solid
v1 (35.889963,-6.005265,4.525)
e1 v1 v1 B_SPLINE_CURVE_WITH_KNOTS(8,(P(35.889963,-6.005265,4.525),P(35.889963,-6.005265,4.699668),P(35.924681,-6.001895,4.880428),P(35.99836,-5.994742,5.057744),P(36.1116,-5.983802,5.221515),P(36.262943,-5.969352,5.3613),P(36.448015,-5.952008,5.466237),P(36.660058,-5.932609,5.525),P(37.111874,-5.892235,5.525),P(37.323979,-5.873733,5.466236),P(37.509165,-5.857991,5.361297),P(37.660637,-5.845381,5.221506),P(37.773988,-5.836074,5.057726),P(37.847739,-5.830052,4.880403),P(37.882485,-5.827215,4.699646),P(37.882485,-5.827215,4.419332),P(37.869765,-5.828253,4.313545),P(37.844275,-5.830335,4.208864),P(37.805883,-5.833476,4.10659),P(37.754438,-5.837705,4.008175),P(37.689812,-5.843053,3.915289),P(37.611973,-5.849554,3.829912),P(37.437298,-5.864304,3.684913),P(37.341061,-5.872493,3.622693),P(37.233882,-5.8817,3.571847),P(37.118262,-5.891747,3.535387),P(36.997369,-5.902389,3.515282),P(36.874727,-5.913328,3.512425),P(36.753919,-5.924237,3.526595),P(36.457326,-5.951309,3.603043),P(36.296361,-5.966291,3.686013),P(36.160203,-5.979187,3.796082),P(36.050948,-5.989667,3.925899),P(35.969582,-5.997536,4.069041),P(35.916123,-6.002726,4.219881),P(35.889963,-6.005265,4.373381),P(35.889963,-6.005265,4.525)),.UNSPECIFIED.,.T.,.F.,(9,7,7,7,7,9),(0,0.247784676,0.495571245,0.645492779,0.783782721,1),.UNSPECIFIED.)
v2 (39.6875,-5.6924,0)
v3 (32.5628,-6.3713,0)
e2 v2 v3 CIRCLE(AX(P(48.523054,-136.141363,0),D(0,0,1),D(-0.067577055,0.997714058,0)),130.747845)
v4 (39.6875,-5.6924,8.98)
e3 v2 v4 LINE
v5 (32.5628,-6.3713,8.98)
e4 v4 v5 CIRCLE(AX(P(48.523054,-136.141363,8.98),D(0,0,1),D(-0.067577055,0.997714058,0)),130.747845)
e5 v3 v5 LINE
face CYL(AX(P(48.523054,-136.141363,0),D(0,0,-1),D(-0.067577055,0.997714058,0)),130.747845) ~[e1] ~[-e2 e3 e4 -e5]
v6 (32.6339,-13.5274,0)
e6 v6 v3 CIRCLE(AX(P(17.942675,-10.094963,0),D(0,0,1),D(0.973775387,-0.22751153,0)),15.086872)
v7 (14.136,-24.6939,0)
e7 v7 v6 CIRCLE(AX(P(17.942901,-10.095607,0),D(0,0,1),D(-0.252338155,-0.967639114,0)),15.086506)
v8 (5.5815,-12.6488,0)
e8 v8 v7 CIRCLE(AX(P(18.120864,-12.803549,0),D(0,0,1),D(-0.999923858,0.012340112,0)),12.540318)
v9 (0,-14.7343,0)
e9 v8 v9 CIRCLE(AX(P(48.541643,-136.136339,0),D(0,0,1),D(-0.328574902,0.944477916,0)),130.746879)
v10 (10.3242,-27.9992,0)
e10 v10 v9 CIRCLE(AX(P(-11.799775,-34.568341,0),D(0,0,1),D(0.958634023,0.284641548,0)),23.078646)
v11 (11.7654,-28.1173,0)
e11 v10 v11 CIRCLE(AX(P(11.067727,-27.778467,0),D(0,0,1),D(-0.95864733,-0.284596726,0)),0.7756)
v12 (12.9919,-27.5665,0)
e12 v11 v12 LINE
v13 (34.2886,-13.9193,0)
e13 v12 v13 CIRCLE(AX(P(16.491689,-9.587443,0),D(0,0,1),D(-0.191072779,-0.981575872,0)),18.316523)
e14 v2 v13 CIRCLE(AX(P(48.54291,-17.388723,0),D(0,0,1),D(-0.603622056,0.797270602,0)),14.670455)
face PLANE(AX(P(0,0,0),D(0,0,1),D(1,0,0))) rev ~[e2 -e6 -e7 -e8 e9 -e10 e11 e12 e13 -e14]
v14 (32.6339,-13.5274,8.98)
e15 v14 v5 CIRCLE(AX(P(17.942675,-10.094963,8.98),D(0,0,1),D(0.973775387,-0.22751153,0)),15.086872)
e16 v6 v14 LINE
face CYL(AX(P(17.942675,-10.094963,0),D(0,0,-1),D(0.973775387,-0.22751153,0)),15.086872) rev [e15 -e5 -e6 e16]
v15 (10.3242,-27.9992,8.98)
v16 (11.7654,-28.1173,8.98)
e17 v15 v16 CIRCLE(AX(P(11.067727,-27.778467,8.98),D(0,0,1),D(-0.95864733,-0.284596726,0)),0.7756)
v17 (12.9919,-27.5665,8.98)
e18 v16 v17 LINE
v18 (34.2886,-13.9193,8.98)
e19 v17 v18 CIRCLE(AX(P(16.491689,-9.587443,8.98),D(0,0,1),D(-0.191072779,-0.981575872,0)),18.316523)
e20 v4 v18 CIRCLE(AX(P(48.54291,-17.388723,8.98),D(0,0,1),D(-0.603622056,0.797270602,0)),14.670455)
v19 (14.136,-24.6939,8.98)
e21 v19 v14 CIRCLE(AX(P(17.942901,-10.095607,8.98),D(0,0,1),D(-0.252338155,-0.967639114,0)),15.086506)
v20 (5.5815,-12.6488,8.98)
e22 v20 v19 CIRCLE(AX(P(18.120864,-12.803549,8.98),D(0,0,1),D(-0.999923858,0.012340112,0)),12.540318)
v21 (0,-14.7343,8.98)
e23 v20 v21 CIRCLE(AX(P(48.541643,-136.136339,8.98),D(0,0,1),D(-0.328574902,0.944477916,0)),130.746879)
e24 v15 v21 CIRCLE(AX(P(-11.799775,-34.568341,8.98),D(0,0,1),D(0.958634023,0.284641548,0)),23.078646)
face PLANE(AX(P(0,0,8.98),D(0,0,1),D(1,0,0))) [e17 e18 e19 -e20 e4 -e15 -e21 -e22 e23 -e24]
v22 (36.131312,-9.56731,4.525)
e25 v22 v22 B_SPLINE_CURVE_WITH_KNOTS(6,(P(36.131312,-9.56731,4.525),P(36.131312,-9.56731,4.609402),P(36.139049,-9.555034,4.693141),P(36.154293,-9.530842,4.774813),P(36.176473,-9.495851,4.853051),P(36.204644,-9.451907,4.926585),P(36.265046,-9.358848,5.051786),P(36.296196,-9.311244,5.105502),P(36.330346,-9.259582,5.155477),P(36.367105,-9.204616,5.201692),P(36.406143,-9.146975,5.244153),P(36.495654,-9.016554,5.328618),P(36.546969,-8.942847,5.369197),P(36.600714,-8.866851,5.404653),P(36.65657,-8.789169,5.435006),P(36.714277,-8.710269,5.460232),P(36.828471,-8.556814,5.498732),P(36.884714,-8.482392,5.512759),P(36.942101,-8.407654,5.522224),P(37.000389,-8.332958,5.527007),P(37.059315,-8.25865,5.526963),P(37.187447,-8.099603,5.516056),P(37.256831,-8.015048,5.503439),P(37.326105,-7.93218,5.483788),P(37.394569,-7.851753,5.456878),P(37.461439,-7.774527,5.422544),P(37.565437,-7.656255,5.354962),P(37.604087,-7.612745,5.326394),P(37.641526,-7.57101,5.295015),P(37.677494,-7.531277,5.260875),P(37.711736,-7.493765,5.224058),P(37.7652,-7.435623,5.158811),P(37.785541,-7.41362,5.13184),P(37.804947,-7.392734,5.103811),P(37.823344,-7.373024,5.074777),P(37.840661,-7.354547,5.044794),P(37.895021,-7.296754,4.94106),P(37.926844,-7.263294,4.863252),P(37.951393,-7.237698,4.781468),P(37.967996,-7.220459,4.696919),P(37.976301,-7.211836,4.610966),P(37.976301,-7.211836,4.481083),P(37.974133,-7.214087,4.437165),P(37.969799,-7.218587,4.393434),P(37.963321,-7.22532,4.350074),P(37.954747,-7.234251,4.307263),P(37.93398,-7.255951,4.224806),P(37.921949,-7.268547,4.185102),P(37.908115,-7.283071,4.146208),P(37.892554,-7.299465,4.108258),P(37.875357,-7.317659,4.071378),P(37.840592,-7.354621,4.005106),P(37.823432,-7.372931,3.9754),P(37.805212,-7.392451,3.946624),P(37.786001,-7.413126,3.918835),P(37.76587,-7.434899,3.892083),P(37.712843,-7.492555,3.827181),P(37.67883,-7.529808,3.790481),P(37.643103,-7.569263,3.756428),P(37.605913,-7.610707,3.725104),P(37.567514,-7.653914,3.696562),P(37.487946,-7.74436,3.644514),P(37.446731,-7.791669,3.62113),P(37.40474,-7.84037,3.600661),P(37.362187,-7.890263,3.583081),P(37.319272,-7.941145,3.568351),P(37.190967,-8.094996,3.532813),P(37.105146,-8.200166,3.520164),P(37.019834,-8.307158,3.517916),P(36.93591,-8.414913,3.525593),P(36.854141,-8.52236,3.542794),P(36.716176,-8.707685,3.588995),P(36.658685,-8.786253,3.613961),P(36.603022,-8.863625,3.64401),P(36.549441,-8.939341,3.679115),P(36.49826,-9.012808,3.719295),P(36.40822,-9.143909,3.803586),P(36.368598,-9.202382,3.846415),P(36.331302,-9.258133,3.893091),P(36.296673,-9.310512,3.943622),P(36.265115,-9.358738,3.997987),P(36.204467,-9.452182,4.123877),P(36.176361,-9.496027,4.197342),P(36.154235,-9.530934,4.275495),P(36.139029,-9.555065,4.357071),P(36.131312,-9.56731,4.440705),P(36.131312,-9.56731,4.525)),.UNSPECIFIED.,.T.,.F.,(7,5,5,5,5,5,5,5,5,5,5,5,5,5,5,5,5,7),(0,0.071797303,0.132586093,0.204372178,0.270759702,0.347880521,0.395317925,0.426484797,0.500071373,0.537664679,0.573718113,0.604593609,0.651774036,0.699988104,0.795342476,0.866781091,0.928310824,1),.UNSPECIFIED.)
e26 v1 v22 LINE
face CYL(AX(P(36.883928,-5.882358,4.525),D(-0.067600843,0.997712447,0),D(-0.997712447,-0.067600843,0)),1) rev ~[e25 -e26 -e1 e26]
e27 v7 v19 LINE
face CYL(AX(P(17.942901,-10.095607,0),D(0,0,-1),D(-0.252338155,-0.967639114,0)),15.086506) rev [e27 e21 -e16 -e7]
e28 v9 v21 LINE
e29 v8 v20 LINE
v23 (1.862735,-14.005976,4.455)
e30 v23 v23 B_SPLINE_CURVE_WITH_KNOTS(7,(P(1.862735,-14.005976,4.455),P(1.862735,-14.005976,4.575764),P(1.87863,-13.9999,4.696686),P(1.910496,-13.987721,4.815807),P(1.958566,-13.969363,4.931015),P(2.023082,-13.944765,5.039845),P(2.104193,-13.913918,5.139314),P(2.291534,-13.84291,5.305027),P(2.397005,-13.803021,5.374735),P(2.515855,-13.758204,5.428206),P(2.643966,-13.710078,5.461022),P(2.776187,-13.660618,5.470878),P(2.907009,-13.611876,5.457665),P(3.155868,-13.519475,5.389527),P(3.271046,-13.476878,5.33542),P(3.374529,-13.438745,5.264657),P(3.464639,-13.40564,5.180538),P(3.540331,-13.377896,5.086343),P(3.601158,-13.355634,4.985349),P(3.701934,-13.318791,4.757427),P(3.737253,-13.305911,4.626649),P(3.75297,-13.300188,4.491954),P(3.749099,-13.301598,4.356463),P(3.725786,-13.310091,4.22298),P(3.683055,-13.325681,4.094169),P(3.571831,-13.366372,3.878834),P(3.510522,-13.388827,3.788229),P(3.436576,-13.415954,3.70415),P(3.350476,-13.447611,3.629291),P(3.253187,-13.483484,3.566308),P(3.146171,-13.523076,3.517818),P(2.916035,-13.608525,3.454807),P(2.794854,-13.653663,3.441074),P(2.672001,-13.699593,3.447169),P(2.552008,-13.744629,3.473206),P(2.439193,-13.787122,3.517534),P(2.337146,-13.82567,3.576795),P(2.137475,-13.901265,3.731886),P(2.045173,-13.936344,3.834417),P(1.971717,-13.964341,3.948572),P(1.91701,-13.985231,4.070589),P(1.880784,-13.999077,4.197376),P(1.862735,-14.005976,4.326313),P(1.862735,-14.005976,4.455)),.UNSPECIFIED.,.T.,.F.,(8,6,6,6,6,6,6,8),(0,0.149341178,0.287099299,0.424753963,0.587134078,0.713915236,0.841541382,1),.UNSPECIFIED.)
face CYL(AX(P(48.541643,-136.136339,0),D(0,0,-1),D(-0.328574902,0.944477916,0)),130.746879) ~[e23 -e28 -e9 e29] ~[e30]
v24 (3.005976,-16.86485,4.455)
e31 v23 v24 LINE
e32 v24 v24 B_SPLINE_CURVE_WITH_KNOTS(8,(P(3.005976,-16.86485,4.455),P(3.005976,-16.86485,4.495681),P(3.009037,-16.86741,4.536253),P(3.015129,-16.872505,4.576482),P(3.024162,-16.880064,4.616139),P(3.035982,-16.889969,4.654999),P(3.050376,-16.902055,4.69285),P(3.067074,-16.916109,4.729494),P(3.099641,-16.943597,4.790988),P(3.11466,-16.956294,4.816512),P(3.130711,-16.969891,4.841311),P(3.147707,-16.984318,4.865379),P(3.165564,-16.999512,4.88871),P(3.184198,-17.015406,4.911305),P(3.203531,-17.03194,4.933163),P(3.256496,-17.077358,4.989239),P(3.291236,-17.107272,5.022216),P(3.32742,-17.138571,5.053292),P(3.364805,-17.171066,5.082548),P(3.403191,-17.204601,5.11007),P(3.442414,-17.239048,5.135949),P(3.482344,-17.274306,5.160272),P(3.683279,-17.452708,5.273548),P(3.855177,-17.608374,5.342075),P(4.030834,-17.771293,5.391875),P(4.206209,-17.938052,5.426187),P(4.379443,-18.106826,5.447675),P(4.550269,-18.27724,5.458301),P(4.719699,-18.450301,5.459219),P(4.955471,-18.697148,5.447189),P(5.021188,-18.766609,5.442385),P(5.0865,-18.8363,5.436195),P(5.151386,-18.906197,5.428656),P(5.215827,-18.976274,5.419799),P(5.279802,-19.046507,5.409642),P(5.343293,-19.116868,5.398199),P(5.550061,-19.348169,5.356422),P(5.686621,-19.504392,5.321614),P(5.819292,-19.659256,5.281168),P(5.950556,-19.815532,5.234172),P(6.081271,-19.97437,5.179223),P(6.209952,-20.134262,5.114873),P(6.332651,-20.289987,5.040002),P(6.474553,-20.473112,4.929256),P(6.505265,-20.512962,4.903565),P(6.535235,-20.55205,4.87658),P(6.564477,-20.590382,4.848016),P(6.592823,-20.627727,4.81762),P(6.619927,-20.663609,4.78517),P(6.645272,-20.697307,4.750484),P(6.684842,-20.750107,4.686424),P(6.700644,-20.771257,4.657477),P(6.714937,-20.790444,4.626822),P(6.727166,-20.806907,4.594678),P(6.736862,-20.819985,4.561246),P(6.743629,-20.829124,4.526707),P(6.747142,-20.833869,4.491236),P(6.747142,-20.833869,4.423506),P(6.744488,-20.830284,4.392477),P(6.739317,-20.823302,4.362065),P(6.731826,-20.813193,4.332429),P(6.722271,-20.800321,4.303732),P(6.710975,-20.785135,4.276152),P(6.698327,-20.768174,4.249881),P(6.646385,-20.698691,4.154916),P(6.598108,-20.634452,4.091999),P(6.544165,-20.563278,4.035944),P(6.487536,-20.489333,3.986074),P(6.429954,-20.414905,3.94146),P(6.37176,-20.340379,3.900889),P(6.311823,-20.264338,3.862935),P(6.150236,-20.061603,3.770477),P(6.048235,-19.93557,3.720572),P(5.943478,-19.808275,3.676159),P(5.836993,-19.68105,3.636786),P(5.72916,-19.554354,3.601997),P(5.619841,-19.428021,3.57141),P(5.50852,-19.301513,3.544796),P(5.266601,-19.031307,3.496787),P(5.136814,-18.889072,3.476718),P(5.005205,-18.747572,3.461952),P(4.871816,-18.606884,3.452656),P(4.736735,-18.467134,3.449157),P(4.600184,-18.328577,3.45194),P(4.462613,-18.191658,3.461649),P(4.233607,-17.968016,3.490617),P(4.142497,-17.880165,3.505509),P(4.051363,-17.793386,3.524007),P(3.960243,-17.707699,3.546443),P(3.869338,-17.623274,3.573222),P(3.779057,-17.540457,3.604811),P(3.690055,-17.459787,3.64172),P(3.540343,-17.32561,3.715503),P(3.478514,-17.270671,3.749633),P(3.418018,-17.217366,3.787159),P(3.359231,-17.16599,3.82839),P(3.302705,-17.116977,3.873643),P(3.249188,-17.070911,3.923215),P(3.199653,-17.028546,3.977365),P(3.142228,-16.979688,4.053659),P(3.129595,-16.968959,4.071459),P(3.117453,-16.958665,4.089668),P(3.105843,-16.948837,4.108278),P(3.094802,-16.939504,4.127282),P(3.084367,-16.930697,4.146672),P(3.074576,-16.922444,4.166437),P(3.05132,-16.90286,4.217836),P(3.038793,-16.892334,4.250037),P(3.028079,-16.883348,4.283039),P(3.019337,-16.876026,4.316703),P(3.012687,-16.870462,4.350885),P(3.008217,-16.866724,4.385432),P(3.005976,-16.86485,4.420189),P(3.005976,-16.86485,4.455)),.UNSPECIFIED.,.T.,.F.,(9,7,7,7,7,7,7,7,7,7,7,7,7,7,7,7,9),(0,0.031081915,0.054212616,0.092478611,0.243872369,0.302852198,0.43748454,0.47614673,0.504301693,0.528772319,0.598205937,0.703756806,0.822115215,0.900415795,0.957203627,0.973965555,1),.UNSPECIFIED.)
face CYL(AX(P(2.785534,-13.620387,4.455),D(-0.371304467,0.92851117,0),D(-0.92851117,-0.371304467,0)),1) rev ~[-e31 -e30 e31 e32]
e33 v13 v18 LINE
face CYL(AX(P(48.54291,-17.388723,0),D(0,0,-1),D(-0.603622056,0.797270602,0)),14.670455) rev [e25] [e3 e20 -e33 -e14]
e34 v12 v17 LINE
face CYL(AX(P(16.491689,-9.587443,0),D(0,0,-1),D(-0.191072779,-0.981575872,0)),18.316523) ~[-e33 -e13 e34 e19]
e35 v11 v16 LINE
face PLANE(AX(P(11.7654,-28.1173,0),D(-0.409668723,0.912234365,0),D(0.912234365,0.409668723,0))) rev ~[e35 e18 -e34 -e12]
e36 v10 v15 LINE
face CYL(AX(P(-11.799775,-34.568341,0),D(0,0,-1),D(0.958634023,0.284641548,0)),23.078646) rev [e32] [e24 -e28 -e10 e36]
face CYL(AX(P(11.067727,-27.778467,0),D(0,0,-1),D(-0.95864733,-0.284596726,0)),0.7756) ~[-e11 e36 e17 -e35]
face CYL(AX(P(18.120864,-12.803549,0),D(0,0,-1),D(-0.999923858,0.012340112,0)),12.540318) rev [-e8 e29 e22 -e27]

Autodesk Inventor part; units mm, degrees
ref_plane "YZ Plane" through (0, 0, 0) normal (1, 0, 0) x (0, 1, 0)
sketch "Sketch1" plane through (0, 0, 0) normal (0, 0, 1) x (1, 0, 0)
  arc A0 (10.3242, -27.9992) -> (11.7654, -28.1173) centre (11.0677, -27.7785) ccw
  line L0 (11.7654, -28.1173) -> (12.9919, -27.5665)
  arc A1 (12.9919, -27.5665) -> (34.2886, -13.9193) centre (16.4917, -9.5875) ccw
  arc A2 (10.3242, -27.9992) -> (0, -14.7343) centre (-11.7995, -34.5682) ccw
  arc A3 (5.5815, -12.6488) -> (14.136, -24.6939) centre (18.1207, -12.8036) ccw
  arc A4 (32.6339, -13.5274) -> (32.5628, -6.3713) centre (17.9412, -10.0948) ccw
  arc A5 (39.6875, -5.6924) -> (34.2886, -13.9193) centre (48.5431, -17.3889) ccw
  arc A6 (5.5815, -12.6488) -> (0, -14.7343) centre (48.5171, -136.0683) ccw
  arc A7 (39.6875, -5.6924) -> (32.5628, -6.3713) centre (48.5171, -136.0683) ccw
  arc A8 (14.136, -24.6939) -> (32.6339, -13.5274) centre (17.9429, -10.0956) ccw
  point P0 (0, 0)
extrude "Extrusion1" add sketch "Sketch1" along normal blind 8.98
ref_plane "Work Plane1" through (39.6875, -5.6924, 0) normal (-0.0676, 0.9977, 0) x (-0.9977, -0.0676, 0)
sketch "Sketch2" plane through (39.6875, -5.6924, 0) normal (-0.0676, 0.9977, 0) x (-0.9977, -0.0676, 0)
  circle A0 centre (2.81, 4.525) radius 1
  line L0 (7.1542, 0) -> (0, 0) projected
  line L1 (0, 0) -> (0, 8.98) projected
  point P0 (39.2122, 0)
  dimension "d2" = 2
  dimension "d15" = 4.525
  dimension "d16" = 2.81
extrude "Extrusion2" cut sketch "Sketch2" against normal through all
thread "Thread1" size "M2x0.4" class "6H" standard "ANSI Metric M Profile" full length
ref_plane "Work Plane2" through (0, -14.7343, 0) normal (-0.3713, 0.9285, 0) x (-0.9285, -0.3713, 0)
sketch "Sketch3" plane through (0, -14.7343, 0) normal (-0.3713, 0.9285, 0) x (-0.9285, -0.3713, 0)
  circle A0 centre (-3, 4.455) radius 1
  line L0 (0, 0) -> (0, 8.98) projected
  line L1 (0, 8.98) -> (-5.9568, 8.98) projected
  line L2 (0, 0) -> (-5.9568, 0) projected
  point P0 (-5.4706, 0)
  dimension "d7" = 2
  dimension "d12" = 3
  dimension "d13" = 4.525
  dimension "d14" = 8.98
extrude "Extrusion3" cut sketch "Sketch3" against normal through all
thread "Thread2" size "M2x0.4" class "6H" standard "ANSI Metric M Profile" full length
properties material "Liga de Nickel-Copper 400"
